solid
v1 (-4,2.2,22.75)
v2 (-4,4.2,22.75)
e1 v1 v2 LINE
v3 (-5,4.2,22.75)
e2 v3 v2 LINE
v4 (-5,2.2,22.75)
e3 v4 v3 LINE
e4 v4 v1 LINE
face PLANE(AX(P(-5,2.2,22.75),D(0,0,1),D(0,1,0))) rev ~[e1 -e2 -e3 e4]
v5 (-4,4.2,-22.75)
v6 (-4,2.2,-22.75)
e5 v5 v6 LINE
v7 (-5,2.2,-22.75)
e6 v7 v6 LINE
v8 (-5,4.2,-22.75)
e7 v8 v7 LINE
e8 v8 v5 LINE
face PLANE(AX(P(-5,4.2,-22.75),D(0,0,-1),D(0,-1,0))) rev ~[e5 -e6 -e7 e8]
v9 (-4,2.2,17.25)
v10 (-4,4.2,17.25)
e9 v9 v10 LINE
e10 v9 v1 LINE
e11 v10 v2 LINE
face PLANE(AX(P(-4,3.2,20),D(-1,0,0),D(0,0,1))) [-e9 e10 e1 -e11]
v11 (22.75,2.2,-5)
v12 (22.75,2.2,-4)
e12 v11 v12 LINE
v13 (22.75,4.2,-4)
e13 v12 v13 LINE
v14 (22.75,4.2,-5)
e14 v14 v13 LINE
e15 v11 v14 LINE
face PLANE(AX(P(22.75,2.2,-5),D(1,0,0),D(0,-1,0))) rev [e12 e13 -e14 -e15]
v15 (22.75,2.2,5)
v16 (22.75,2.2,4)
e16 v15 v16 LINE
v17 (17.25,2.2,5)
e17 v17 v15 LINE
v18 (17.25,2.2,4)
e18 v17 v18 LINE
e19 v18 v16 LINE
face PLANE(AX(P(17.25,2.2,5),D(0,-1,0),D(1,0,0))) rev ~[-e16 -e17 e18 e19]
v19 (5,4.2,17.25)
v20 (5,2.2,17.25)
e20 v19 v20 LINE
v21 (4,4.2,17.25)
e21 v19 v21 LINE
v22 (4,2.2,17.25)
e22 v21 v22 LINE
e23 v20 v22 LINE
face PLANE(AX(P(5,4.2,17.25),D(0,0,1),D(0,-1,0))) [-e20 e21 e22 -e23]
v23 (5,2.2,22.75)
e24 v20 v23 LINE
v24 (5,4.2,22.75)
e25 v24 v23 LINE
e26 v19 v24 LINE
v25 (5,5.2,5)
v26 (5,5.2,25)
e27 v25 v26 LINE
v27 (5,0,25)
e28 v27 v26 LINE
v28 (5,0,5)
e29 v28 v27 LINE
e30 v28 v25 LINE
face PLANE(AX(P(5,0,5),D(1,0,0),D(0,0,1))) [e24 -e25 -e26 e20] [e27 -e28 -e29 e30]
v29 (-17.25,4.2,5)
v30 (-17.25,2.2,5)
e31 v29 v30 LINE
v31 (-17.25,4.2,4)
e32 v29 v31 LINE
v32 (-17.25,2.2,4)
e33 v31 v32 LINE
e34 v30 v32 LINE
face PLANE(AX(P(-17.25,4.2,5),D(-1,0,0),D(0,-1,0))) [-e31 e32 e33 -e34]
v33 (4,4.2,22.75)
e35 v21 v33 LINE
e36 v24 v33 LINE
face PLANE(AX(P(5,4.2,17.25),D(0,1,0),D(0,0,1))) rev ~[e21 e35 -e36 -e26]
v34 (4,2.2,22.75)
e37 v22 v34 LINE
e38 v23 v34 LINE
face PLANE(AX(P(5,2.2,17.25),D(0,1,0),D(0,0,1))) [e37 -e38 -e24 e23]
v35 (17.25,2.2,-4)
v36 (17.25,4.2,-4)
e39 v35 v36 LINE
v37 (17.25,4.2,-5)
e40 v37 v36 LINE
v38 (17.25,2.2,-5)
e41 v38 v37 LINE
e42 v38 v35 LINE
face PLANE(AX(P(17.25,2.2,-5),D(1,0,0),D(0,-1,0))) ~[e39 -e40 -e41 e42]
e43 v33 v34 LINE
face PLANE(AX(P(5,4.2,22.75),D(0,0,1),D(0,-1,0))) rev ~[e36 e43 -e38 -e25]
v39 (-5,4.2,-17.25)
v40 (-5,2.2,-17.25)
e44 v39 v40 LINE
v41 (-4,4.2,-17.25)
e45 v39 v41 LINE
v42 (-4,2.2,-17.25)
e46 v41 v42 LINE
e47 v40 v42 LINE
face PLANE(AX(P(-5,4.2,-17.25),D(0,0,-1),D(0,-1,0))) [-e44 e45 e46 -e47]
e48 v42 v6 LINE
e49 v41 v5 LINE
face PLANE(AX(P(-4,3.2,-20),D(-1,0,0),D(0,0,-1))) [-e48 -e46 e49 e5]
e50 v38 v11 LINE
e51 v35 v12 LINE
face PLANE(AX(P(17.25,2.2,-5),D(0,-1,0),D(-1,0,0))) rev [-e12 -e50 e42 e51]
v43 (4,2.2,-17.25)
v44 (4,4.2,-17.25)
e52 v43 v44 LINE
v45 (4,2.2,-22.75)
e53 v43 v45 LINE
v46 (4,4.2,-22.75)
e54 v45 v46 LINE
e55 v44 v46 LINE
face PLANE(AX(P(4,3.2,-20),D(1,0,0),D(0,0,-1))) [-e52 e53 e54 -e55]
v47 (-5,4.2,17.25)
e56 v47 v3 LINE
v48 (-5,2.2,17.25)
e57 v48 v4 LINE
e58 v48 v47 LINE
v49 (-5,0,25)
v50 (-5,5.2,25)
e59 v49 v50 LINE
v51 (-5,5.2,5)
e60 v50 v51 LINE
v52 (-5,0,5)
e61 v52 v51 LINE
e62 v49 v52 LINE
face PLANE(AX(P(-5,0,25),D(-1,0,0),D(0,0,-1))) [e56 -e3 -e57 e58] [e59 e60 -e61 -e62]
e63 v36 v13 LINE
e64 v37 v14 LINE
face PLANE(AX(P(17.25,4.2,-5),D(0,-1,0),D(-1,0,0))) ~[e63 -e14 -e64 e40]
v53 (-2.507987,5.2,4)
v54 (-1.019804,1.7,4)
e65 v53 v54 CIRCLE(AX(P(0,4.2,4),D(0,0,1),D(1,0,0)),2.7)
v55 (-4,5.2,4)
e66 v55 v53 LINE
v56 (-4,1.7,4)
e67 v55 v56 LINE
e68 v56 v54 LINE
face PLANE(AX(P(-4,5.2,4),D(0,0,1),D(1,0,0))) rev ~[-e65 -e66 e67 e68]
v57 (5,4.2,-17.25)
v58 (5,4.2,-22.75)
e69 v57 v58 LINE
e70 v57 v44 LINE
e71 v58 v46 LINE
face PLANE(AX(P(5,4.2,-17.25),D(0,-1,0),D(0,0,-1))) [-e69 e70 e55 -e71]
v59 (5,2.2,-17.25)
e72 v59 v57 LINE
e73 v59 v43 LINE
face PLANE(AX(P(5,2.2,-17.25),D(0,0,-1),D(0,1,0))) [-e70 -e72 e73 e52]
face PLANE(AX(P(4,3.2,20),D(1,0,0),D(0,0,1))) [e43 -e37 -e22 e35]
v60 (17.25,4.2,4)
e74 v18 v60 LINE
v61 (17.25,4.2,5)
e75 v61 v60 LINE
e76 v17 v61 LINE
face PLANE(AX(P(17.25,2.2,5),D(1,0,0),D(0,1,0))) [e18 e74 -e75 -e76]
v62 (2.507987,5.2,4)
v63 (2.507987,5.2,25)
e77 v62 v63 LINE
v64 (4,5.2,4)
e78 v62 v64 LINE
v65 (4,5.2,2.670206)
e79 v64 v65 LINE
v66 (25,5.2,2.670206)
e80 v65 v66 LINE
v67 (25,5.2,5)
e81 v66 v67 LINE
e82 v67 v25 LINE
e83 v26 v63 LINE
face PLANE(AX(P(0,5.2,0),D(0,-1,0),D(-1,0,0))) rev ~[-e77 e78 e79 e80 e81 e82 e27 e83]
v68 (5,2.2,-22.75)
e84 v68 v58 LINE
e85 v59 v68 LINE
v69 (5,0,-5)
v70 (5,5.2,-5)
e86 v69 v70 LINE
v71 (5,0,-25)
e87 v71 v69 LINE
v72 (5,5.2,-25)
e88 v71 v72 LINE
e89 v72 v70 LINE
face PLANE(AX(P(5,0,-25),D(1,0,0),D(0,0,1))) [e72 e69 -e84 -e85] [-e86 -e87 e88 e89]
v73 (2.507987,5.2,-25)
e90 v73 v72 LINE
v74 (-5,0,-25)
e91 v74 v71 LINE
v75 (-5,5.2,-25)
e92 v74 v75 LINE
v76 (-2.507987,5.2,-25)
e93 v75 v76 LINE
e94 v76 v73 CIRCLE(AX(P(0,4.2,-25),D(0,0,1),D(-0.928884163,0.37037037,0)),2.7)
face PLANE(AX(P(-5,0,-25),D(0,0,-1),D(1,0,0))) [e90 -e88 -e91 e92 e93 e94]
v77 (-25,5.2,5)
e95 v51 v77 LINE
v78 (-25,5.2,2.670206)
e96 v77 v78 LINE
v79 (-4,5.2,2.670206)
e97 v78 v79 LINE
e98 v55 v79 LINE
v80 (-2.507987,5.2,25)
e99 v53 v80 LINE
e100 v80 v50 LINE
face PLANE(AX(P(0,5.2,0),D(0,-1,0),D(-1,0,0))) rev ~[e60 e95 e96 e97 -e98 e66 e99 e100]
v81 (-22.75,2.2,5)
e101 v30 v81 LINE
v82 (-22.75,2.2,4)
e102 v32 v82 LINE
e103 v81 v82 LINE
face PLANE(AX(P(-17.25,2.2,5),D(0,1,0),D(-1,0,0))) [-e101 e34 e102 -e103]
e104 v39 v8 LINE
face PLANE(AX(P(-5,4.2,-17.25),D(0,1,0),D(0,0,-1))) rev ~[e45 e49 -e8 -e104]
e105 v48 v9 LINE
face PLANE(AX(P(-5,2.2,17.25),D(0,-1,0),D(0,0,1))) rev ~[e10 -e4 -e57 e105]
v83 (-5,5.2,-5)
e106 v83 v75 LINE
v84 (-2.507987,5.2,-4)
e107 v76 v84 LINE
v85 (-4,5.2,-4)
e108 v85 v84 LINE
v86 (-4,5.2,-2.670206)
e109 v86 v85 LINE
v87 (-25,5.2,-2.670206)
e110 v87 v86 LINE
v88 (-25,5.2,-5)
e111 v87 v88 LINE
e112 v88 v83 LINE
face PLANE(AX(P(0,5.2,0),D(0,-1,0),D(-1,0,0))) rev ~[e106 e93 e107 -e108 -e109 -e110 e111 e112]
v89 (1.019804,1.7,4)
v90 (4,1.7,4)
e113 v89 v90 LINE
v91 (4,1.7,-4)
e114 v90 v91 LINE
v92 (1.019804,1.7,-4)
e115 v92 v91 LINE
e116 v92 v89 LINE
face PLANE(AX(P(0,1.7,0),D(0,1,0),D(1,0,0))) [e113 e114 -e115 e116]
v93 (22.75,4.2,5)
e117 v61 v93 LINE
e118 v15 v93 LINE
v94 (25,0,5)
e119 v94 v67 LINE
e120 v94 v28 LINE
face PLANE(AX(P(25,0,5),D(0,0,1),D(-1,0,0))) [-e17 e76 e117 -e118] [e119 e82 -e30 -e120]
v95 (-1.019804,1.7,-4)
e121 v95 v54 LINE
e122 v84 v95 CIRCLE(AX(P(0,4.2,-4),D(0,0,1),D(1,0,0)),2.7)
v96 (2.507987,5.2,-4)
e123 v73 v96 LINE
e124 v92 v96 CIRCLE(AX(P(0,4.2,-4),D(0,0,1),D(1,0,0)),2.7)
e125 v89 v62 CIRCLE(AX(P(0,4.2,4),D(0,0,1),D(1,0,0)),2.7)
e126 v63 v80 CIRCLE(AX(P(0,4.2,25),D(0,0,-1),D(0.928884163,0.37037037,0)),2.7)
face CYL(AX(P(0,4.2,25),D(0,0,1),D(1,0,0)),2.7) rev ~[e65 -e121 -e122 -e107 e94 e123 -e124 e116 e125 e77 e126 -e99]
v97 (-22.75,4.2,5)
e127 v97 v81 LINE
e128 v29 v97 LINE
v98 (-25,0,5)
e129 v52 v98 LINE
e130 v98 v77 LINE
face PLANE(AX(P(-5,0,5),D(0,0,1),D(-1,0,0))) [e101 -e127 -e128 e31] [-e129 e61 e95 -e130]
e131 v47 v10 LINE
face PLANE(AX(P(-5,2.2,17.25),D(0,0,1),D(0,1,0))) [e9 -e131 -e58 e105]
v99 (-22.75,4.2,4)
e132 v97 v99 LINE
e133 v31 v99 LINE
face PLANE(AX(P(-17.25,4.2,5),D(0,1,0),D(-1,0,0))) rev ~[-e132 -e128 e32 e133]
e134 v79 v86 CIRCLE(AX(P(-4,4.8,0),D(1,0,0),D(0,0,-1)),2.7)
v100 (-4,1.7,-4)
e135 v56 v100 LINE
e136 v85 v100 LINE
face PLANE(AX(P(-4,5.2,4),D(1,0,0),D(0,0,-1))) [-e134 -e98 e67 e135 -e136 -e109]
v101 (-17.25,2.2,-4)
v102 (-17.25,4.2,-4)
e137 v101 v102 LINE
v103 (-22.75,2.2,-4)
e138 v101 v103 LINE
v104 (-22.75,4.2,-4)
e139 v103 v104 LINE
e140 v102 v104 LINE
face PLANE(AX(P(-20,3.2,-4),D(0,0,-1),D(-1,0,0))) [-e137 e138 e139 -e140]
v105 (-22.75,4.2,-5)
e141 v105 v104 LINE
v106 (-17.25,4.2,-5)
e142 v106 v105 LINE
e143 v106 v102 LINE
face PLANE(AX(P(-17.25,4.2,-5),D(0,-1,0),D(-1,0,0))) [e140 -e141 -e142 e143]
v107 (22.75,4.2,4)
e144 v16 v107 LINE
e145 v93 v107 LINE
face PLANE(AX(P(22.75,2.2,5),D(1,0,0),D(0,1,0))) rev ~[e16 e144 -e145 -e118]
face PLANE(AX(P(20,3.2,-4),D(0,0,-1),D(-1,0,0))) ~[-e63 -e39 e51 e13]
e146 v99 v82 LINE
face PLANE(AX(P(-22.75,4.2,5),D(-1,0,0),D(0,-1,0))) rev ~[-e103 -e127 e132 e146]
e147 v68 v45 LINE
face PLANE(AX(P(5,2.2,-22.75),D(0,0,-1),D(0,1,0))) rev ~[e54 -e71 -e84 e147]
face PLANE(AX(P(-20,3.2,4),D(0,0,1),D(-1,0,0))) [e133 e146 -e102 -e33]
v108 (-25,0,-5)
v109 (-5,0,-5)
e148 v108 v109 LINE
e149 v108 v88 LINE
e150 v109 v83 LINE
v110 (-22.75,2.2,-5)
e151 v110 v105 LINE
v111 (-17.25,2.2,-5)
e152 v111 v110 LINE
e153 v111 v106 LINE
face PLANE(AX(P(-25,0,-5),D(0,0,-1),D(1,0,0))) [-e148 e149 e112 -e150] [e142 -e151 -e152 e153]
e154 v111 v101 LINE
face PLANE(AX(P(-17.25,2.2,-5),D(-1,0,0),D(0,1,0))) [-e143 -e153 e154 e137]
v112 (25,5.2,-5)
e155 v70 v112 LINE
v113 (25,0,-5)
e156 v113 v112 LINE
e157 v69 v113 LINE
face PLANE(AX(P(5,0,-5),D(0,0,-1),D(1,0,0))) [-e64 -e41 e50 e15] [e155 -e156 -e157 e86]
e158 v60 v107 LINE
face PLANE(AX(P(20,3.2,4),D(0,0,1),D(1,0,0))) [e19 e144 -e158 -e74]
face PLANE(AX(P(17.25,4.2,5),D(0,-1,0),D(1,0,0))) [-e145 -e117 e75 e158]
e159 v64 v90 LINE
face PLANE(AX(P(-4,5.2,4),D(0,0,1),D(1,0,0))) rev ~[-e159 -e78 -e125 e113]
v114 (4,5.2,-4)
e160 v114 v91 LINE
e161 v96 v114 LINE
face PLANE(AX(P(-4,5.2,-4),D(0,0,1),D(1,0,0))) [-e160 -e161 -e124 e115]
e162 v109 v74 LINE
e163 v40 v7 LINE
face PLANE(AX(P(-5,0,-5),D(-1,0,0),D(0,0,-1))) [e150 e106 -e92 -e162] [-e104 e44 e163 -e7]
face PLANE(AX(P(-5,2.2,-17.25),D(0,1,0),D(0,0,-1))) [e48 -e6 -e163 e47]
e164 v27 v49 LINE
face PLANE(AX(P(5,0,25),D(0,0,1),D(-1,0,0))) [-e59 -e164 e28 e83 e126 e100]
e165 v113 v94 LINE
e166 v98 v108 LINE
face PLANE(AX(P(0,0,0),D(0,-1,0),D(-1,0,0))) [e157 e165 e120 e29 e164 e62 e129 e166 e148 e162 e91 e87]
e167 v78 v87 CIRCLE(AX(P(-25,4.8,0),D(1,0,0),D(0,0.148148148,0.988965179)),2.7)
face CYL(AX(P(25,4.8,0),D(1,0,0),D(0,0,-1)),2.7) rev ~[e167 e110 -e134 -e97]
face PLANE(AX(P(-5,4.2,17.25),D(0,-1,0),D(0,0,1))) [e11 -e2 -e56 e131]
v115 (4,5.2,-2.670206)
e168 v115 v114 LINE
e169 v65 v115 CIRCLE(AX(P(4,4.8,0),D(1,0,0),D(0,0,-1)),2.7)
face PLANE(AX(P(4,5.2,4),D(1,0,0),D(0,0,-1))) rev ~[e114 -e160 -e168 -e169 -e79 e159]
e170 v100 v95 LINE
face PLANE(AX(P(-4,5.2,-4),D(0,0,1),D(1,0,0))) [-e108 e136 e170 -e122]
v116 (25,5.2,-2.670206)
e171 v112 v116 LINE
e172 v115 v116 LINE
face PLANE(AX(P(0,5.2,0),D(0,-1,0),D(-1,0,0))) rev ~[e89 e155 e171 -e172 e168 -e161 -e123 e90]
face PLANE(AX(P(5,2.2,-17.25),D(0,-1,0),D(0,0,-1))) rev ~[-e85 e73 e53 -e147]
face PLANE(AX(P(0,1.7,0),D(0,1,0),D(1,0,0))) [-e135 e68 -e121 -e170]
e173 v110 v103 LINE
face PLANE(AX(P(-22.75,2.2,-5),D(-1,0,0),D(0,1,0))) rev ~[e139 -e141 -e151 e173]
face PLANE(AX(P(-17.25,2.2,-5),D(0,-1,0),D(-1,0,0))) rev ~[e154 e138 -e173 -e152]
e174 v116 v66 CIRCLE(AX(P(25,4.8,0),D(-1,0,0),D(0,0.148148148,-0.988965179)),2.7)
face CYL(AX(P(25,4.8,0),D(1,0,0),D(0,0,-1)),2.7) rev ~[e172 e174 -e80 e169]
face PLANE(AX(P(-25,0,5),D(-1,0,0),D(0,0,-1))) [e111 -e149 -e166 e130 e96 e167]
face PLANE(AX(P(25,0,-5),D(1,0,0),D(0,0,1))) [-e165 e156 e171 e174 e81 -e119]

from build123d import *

# Parameters (mm, degrees)
BOSS_EXTRUDE5_DEPTH         = 5.2
CUT_EXTRUDE1_REACH          = 58.143
SKETCH4_R                   = 2.7
SKETCH5_R                   = 2.7
CUT_EXTRUDE2_DEPTH          = 57.143031625
SKETCH6_W                   = 8
SKETCH6_H                   = 8
CUT_EXTRUDE3_DEPTH          = 3.5
SKETCH7_W                   = 5.5
SKETCH7_H                   = 2
CUT_EXTRUDE4_DEPTH          = 1
CIRPATTERN1_COPY_1_SKETCH_W = 5.5
CIRPATTERN1_COPY_1_SKETCH_H = 2
CIRPATTERN1_COPY_1_DEPTH    = 1
CIRPATTERN1_COPY_2_SKETCH_W = 5.5
CIRPATTERN1_COPY_2_SKETCH_H = 2
CIRPATTERN1_COPY_2_DEPTH    = 1
CIRPATTERN1_COPY_3_SKETCH_W = 5.5
CIRPATTERN1_COPY_3_SKETCH_H = 2
CIRPATTERN1_COPY_3_DEPTH    = 1
CIRPATTERN1_COPY_4_SKETCH_W = 5.5
CIRPATTERN1_COPY_4_SKETCH_H = 2
CIRPATTERN1_COPY_4_DEPTH    = 1
CIRPATTERN1_COPY_5_SKETCH_W = 5.5
CIRPATTERN1_COPY_5_SKETCH_H = 2
CIRPATTERN1_COPY_5_DEPTH    = 1
CIRPATTERN1_COPY_6_SKETCH_W = 5.5
CIRPATTERN1_COPY_6_SKETCH_H = 2
CIRPATTERN1_COPY_6_DEPTH    = 1


with BuildPart() as part:
    # Sketch3 → Boss-Extrude5 (new body)
    with BuildSketch(Plane(origin=(0, 0, 0), x_dir=(1, 0, 0), z_dir=(0, 1, 0))):
        Polygon((5, 5), (25, 5), (25, -5), (5, -5), (5, -25), (-5, -25), (-5, -5), (-25, -5), (-25, 5), (-5, 5), (-5, 25), (5, 25), align=None)
    extrude(amount=BOSS_EXTRUDE5_DEPTH)

    # Sketch4 → Cut-Extrude1 (cut, up to next)
    with BuildSketch(Plane.XY.offset(25), mode=Mode.PRIVATE) as cut_extrude1_sk1:
        with Locations((0, 4.2)):
            Circle(SKETCH4_R)
    cut_extrude1_tool1 = extrude(cut_extrude1_sk1.sketch, amount=-CUT_EXTRUDE1_REACH, mode=Mode.PRIVATE) & part.part
    add(cut_extrude1_tool1.solids().sort_by_distance((0, 4.2, 25))[0], mode=Mode.SUBTRACT)

    # Sketch5 → Cut-Extrude2 (cut, through all)
    with BuildSketch(Plane(origin=(25, 0, 0), x_dir=(0, 0, -1), z_dir=(1, 0, 0))):
        with Locations((0, 4.8)):
            Circle(SKETCH5_R)
    extrude(amount=-CUT_EXTRUDE2_DEPTH, mode=Mode.SUBTRACT)

    # Sketch6 → Cut-Extrude3 (cut)
    with BuildSketch(Plane(origin=(0, 5.2, 0), x_dir=(1, 0, 0), z_dir=(0, 1, 0))):
        Rectangle(SKETCH6_W, SKETCH6_H)
    extrude(amount=-CUT_EXTRUDE3_DEPTH, mode=Mode.SUBTRACT)

    # Sketch7 → Cut-Extrude4 (cut)
    with BuildSketch(Plane.XY.offset(5)):
        with Locations((20, 3.2)):
            Rectangle(SKETCH7_W, SKETCH7_H)
    cut_extrude4 = extrude(amount=-CUT_EXTRUDE4_DEPTH, mode=Mode.SUBTRACT)

    # Mirror1: Cut-Extrude4 across plane
    add(cut_extrude4.mirror(Plane.XY), mode=Mode.SUBTRACT)

    # CirPattern1 copy 1 sketch → CirPattern1 copy 1 (cut)
    with BuildSketch(Plane(origin=(5, 0, 0), x_dir=(0, 0, 1), z_dir=(1, 0, 0))):
        with Locations((20, -3.2)):
            Rectangle(CIRPATTERN1_COPY_1_SKETCH_W, CIRPATTERN1_COPY_1_SKETCH_H)
    extrude(amount=-CIRPATTERN1_COPY_1_DEPTH, mode=Mode.SUBTRACT)

    # CirPattern1 copy 2 sketch → CirPattern1 copy 2 (cut)
    with BuildSketch(Plane(origin=(0, 0, 5), x_dir=(-1, 0, 0), z_dir=(0, 0, 1))):
        with Locations((20, -3.2)):
            Rectangle(CIRPATTERN1_COPY_2_SKETCH_W, CIRPATTERN1_COPY_2_SKETCH_H)
    extrude(amount=-CIRPATTERN1_COPY_2_DEPTH, mode=Mode.SUBTRACT)

    # CirPattern1 copy 3 sketch → CirPattern1 copy 3 (cut)
    with BuildSketch(Plane(origin=(-5, 0, 0), x_dir=(0, 0, -1), z_dir=(-1, 0, 0))):
        with Locations((20, -3.2)):
            Rectangle(CIRPATTERN1_COPY_3_SKETCH_W, CIRPATTERN1_COPY_3_SKETCH_H)
    extrude(amount=-CIRPATTERN1_COPY_3_DEPTH, mode=Mode.SUBTRACT)

    # CirPattern1 copy 4 sketch → CirPattern1 copy 4 (cut)
    with BuildSketch(Plane.ZY.offset(5)):
        with Locations((20, 3.2)):
            Rectangle(CIRPATTERN1_COPY_4_SKETCH_W, CIRPATTERN1_COPY_4_SKETCH_H)
    extrude(amount=-CIRPATTERN1_COPY_4_DEPTH, mode=Mode.SUBTRACT)

    # CirPattern1 copy 5 sketch → CirPattern1 copy 5 (cut)
    with BuildSketch(Plane(origin=(0, 0, -5), x_dir=(-1, 0, 0), z_dir=(0, 0, -1))):
        with Locations((20, 3.2)):
            Rectangle(CIRPATTERN1_COPY_5_SKETCH_W, CIRPATTERN1_COPY_5_SKETCH_H)
    extrude(amount=-CIRPATTERN1_COPY_5_DEPTH, mode=Mode.SUBTRACT)

    # CirPattern1 copy 6 sketch → CirPattern1 copy 6 (cut)
    with BuildSketch(Plane(origin=(5, 0, 0), x_dir=(0, 0, -1), z_dir=(1, 0, 0))):
        with Locations((20, 3.2)):
            Rectangle(CIRPATTERN1_COPY_6_SKETCH_W, CIRPATTERN1_COPY_6_SKETCH_H)
    extrude(amount=-CIRPATTERN1_COPY_6_DEPTH, mode=Mode.SUBTRACT)


solid = part.part
